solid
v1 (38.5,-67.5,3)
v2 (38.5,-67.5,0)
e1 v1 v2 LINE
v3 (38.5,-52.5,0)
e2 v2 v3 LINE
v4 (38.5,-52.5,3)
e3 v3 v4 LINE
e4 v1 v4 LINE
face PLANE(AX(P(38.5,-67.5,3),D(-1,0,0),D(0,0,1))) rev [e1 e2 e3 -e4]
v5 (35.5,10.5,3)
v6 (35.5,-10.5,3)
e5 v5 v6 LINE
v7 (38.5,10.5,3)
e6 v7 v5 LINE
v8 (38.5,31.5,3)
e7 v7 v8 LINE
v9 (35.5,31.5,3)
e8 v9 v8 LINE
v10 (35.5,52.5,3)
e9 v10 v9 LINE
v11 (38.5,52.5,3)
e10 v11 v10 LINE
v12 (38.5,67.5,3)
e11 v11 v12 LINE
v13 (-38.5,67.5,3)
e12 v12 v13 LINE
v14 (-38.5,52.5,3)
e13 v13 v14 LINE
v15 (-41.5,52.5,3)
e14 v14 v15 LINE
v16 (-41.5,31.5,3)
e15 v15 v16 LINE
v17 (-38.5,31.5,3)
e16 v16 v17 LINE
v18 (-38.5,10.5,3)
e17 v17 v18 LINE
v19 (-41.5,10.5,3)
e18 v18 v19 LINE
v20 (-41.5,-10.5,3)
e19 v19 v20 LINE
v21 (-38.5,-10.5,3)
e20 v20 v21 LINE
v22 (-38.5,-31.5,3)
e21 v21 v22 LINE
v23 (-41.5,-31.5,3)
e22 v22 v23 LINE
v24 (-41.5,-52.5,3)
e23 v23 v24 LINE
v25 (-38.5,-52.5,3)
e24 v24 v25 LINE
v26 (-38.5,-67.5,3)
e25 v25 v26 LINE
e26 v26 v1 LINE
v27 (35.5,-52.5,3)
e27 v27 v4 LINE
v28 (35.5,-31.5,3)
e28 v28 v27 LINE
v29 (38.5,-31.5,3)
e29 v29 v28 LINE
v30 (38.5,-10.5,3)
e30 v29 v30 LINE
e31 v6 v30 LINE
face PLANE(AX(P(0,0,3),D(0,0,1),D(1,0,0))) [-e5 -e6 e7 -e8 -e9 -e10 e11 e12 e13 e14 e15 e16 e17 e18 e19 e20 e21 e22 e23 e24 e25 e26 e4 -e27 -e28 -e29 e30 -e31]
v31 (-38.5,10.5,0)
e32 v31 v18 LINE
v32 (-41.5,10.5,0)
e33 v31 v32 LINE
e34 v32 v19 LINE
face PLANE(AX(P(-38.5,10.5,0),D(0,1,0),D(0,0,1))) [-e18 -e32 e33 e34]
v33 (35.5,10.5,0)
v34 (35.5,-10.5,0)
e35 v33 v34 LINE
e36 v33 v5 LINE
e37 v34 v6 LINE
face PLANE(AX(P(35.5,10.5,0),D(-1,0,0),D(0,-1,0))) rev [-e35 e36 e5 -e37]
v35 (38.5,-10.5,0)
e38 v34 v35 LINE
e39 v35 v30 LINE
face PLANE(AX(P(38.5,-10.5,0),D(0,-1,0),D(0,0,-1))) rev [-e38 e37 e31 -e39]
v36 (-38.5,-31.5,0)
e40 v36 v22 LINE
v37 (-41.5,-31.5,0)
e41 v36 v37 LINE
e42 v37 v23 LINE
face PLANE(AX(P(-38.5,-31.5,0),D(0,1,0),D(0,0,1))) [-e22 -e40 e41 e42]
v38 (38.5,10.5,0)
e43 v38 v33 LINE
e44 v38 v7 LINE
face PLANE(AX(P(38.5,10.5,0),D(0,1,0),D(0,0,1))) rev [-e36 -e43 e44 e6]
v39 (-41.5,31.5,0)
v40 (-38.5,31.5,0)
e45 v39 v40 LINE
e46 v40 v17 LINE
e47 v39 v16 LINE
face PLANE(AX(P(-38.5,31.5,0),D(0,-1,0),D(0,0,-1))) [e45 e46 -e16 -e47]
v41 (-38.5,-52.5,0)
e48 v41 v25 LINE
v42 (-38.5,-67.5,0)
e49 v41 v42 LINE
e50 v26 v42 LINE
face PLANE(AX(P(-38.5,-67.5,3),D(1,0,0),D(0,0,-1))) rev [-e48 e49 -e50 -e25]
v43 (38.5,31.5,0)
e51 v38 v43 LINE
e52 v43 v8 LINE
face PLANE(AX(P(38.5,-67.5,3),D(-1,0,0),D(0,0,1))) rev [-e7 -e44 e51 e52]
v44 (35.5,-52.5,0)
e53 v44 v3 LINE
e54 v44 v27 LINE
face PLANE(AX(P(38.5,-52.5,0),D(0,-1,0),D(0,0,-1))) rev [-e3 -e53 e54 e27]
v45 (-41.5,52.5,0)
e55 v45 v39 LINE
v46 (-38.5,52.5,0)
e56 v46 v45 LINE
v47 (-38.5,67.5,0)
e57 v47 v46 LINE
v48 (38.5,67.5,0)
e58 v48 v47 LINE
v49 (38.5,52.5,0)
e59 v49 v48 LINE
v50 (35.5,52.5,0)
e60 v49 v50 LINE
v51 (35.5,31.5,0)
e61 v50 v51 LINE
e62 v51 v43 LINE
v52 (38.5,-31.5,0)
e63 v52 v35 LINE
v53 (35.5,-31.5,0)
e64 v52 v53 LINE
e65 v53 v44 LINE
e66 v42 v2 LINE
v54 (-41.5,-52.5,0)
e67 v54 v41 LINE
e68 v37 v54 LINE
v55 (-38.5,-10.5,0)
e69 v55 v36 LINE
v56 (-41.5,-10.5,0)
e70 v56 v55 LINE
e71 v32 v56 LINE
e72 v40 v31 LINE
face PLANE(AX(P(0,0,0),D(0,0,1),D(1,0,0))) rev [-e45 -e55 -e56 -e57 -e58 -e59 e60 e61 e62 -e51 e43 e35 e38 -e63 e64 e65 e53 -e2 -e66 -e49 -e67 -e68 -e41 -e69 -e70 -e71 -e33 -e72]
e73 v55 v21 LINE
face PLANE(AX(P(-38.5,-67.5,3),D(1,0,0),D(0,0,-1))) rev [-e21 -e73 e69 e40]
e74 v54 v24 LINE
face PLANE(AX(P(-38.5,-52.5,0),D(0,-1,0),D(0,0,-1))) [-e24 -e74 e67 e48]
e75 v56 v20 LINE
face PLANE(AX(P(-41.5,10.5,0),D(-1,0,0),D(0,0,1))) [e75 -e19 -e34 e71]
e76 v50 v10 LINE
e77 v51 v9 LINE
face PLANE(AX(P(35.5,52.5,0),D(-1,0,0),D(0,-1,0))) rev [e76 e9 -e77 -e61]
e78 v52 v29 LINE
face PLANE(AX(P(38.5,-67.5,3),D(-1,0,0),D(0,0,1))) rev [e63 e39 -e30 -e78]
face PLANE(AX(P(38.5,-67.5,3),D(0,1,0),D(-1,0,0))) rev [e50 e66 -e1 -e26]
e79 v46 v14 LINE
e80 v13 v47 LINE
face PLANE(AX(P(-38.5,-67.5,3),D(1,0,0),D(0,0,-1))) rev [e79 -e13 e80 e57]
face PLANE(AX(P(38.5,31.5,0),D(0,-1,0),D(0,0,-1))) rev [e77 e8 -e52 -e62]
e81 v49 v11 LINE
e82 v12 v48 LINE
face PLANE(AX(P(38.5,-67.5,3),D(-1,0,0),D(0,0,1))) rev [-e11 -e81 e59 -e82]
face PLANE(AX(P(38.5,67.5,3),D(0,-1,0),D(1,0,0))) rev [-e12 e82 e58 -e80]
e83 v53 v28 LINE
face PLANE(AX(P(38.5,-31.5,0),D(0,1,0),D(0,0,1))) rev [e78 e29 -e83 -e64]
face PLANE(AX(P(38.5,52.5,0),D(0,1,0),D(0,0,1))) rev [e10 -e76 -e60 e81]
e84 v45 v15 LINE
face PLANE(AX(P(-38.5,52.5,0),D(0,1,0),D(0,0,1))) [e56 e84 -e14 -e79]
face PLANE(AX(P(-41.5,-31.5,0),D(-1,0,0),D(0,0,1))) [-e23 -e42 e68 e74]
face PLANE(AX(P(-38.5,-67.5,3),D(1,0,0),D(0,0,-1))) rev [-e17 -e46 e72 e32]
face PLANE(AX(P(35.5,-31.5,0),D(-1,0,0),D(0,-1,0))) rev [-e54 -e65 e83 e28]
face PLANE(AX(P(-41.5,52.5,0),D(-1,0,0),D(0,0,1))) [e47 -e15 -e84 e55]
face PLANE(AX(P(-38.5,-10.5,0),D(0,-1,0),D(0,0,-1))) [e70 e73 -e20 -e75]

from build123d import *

# Parameters (mm, degrees)
ESBO_O1_W                = 77
ESBO_O1_H                = 135
RESSALTO_EXTRUS_O1_DEPTH = 3
ESBO_O4_W                = 3
ESBO_O4_H                = 21
CORTE_EXTRUS_O1_DEPTH    = 78.765673661
ESBO_O5_W                = 3
ESBO_O5_H                = 21
RESSALTO_EXTRUS_O2_DEPTH = 3
PADR_O_LINEAR1_COUNT     = 3
PADR_O_LINEAR1_PITCH     = 42


with BuildPart() as part:
    # Esboço1 → Ressalto-extrusão1 (new body)
    with BuildSketch(Plane.XY):
        Rectangle(ESBO_O1_W, ESBO_O1_H)
    extrude(amount=RESSALTO_EXTRUS_O1_DEPTH)

    # Esboço4 → Corte-extrusão1 (cut, through all)
    with BuildSketch(Plane.XY.offset(3)):
        with Locations((37, 42)):
            Rectangle(ESBO_O4_W, ESBO_O4_H)
        with Locations((37, 0)):
            Rectangle(ESBO_O4_W, ESBO_O4_H)
        with Locations((37, -42)):
            Rectangle(ESBO_O4_W, ESBO_O4_H)
    extrude(amount=-CORTE_EXTRUS_O1_DEPTH, mode=Mode.SUBTRACT)

    # Esboço5 → Ressalto-extrusão2 (add)
    with BuildSketch(Plane.XY.offset(3)):
        with Locations((-40, 42)):
            Rectangle(ESBO_O5_W, ESBO_O5_H)
    ressalto_extrus_o2 = extrude(amount=-RESSALTO_EXTRUS_O2_DEPTH)

    # Padrão linear1: Ressalto-extrusão2 ×3
    with Locations(*[(0, -i * PADR_O_LINEAR1_PITCH, 0) for i in range(1, PADR_O_LINEAR1_COUNT)]):
        add(ressalto_extrus_o2)


solid = part.part
